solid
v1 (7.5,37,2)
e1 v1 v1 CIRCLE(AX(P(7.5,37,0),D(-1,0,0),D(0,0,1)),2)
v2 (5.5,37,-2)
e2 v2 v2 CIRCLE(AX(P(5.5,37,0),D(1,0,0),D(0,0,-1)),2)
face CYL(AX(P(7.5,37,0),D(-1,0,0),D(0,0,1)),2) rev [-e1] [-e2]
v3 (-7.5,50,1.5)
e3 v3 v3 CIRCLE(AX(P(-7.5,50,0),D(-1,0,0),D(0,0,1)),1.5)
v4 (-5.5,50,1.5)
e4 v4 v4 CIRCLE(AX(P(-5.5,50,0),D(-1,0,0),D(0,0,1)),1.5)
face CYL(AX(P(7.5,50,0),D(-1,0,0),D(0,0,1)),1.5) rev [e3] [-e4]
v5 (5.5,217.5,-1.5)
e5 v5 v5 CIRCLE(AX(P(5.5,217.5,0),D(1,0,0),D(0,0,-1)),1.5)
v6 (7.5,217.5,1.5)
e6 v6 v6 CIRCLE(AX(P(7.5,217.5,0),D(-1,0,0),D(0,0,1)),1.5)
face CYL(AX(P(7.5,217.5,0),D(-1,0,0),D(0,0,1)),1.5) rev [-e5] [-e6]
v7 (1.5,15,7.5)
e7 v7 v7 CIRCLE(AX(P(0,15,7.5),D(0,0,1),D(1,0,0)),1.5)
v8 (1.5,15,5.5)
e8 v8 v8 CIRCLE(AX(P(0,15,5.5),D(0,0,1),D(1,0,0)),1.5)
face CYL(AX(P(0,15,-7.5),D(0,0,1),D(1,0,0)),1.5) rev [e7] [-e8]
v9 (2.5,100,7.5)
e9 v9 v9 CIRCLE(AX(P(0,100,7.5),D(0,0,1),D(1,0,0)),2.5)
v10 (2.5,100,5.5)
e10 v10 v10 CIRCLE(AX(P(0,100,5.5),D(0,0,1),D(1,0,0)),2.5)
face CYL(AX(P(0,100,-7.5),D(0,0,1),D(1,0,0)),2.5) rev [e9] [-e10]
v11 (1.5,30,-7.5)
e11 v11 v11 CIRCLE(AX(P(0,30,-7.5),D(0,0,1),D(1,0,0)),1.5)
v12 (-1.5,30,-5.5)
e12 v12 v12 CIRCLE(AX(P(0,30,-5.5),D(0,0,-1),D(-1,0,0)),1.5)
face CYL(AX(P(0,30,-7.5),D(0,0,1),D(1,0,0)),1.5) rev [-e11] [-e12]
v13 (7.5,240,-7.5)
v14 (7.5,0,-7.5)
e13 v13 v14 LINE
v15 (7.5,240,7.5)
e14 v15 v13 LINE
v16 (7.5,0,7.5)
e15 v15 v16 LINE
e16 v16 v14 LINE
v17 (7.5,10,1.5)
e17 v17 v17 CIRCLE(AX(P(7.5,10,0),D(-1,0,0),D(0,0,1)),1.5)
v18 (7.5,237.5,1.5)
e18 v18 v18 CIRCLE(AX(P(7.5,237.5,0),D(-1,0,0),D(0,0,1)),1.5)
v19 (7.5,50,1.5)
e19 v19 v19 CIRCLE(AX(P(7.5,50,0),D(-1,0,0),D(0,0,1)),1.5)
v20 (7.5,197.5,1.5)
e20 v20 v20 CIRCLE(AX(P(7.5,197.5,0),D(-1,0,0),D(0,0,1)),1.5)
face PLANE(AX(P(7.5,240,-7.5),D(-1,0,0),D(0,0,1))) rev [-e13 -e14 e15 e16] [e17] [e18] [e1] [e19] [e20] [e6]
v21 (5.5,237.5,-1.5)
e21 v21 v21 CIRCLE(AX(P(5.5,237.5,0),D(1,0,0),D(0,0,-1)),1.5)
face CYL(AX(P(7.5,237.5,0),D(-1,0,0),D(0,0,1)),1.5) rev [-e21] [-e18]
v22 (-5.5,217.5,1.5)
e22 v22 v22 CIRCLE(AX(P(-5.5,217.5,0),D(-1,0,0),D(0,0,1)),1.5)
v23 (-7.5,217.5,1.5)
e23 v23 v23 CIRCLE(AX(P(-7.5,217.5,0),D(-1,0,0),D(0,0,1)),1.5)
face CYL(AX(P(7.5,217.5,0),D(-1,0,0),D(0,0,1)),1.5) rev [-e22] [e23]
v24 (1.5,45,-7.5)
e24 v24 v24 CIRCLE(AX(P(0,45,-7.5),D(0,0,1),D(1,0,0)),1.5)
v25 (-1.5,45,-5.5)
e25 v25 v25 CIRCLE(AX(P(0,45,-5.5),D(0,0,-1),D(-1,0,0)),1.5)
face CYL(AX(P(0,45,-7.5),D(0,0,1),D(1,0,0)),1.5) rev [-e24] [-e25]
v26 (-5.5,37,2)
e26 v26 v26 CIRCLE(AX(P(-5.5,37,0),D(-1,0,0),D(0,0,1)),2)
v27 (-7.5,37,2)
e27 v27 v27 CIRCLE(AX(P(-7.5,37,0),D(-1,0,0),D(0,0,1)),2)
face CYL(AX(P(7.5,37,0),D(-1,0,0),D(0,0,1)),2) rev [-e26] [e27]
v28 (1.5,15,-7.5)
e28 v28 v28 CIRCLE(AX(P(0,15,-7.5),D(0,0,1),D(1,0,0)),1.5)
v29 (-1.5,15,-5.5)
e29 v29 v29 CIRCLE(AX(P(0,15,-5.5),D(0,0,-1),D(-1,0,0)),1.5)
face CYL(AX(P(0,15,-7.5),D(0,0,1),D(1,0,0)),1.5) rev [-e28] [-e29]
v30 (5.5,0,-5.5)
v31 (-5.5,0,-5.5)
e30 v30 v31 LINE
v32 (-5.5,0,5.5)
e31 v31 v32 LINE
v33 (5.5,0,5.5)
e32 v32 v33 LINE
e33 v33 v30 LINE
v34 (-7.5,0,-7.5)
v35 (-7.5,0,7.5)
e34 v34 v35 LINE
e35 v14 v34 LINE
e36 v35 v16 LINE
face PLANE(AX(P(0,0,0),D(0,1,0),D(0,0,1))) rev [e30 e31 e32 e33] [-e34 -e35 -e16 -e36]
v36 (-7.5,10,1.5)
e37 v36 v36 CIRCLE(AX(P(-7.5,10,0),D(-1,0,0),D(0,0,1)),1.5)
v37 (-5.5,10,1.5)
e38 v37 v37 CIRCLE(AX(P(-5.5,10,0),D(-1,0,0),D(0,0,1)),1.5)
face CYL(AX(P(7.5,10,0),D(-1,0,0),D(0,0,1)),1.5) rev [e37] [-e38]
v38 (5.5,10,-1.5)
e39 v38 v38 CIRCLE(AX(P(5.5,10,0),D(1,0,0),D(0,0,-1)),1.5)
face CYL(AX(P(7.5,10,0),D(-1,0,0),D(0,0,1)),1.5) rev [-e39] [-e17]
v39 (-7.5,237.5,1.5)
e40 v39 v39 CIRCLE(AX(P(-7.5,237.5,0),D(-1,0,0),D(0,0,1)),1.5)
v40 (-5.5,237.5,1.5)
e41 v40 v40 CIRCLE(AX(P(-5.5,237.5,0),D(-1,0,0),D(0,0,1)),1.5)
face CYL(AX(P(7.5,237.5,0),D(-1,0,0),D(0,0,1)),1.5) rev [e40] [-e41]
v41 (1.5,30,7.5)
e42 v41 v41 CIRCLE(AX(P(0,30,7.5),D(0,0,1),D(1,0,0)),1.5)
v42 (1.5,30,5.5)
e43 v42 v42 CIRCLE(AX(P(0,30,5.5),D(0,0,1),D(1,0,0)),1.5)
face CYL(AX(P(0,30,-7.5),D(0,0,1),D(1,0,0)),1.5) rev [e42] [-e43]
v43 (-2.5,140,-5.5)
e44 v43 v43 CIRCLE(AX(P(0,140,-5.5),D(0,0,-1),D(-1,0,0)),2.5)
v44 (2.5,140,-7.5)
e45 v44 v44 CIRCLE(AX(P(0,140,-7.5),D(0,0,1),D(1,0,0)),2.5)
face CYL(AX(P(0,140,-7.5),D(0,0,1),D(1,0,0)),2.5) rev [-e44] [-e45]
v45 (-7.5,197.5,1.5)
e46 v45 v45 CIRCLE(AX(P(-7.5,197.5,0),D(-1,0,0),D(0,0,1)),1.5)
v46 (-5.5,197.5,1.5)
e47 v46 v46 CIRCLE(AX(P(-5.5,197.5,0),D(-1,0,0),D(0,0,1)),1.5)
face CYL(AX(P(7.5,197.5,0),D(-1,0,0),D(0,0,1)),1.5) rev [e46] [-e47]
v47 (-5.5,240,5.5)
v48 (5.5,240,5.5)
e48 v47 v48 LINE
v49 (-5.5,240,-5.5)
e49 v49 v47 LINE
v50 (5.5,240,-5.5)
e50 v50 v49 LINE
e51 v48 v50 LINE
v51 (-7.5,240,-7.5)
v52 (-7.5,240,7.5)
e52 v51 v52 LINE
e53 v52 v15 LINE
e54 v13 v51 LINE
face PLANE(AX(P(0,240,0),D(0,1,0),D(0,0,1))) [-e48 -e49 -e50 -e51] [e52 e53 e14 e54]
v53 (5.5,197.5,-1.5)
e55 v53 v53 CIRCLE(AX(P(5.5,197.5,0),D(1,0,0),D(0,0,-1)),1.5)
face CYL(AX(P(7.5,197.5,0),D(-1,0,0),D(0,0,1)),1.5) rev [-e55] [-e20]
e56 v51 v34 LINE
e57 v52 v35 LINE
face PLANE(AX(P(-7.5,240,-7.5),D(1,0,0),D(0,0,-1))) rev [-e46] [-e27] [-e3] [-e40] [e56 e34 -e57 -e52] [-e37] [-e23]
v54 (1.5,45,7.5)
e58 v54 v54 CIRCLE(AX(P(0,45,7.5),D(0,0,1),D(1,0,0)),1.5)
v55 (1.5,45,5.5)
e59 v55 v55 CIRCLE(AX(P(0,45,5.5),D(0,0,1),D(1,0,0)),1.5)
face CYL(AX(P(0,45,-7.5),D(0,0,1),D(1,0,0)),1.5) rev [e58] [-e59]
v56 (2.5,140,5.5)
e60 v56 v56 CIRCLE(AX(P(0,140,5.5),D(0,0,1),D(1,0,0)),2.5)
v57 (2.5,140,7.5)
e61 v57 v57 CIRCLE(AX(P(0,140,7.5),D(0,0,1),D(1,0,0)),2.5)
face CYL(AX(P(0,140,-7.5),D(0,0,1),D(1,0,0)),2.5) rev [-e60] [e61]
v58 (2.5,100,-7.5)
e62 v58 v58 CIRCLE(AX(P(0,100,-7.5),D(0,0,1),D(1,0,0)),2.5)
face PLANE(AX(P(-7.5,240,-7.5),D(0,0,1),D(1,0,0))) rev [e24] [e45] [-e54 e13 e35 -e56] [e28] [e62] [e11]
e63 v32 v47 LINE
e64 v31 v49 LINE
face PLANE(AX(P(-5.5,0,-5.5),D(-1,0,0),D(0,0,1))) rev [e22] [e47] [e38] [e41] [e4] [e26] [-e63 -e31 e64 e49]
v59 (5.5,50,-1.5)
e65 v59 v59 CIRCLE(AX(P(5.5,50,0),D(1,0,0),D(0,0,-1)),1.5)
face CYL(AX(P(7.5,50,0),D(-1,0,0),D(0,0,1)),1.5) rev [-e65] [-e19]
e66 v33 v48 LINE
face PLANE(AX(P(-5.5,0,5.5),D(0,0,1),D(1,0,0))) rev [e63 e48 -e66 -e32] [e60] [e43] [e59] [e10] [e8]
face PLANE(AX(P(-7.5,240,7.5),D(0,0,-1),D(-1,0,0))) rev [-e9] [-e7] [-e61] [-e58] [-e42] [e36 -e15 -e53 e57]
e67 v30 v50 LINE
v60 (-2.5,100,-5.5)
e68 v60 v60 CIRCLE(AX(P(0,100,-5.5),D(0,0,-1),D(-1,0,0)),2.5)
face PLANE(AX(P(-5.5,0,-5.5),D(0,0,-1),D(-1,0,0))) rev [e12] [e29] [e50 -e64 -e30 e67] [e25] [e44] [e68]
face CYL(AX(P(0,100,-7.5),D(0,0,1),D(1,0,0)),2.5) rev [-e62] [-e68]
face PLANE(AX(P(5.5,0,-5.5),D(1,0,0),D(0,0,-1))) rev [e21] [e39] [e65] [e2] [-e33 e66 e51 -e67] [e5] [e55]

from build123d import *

# Parameters (mm, degrees)
SKETCH_1_W          = 15
SKETCH_1_H          = 15
EXTRUDE_1_DEPTH     = 240
SKETCH_2_W          = 11
SKETCH_2_H          = 11
CUT_EXTRUDE_1_DEPTH = 240
SKETCH_3_R          = 2.5
CUT_EXTRUDE_2_DEPTH = 15
SKETCH_4_R          = 1.5
CUT_EXTRUDE_3_DEPTH = 15
SKETCH_5_R          = 1.5
SKETCH_5_R_2        = 2
CUT_EXTRUDE_4_DEPTH = 15


with BuildPart() as part:
    # 草图1 → 凸台-拉伸1 (new body)
    with BuildSketch(Plane(origin=(0, 0, 0), x_dir=(1, 0, 0), z_dir=(0, 1, 0))):
        Rectangle(SKETCH_1_W, SKETCH_1_H)
    extrude(amount=EXTRUDE_1_DEPTH)

    # 草图2 → 切除-拉伸1 (cut)
    with BuildSketch(Plane(origin=(0, 240, 0), x_dir=(1, 0, 0), z_dir=(0, 1, 0))):
        Rectangle(SKETCH_2_W, SKETCH_2_H)
    extrude(amount=-CUT_EXTRUDE_1_DEPTH, mode=Mode.SUBTRACT)

    # 草图3 → 切除-拉伸2 (cut)
    with BuildSketch(Plane.XY.offset(7.5)):
        with Locations((0, 140)):
            Circle(SKETCH_3_R)
        with Locations((0, 100)):
            Circle(SKETCH_3_R)
    extrude(amount=-CUT_EXTRUDE_2_DEPTH, mode=Mode.SUBTRACT)

    # 草图4 → 切除-拉伸3 (cut)
    with BuildSketch(Plane.XY.offset(7.5)):
        with Locations((0, 45)):
            Circle(SKETCH_4_R)
        with Locations((0, 30)):
            Circle(SKETCH_4_R)
        with Locations((0, 15)):
            Circle(SKETCH_4_R)
    extrude(amount=-CUT_EXTRUDE_3_DEPTH, mode=Mode.SUBTRACT)

    # 草图5 → 切除-拉伸4 (cut)
    with BuildSketch(Plane.ZY.offset(7.5)):
        with Locations((0, 10)):
            Circle(SKETCH_5_R)
        with Locations((0, 37)):
            Circle(SKETCH_5_R_2)
        with Locations((0, 50)):
            Circle(SKETCH_5_R)
        with Locations((0, 237.5)):
            Circle(SKETCH_5_R)
        with Locations((0, 217.5)):
            Circle(SKETCH_5_R)
        with Locations((0, 197.5)):
            Circle(SKETCH_5_R)
    extrude(amount=-CUT_EXTRUDE_4_DEPTH, mode=Mode.SUBTRACT)


solid = part.part
